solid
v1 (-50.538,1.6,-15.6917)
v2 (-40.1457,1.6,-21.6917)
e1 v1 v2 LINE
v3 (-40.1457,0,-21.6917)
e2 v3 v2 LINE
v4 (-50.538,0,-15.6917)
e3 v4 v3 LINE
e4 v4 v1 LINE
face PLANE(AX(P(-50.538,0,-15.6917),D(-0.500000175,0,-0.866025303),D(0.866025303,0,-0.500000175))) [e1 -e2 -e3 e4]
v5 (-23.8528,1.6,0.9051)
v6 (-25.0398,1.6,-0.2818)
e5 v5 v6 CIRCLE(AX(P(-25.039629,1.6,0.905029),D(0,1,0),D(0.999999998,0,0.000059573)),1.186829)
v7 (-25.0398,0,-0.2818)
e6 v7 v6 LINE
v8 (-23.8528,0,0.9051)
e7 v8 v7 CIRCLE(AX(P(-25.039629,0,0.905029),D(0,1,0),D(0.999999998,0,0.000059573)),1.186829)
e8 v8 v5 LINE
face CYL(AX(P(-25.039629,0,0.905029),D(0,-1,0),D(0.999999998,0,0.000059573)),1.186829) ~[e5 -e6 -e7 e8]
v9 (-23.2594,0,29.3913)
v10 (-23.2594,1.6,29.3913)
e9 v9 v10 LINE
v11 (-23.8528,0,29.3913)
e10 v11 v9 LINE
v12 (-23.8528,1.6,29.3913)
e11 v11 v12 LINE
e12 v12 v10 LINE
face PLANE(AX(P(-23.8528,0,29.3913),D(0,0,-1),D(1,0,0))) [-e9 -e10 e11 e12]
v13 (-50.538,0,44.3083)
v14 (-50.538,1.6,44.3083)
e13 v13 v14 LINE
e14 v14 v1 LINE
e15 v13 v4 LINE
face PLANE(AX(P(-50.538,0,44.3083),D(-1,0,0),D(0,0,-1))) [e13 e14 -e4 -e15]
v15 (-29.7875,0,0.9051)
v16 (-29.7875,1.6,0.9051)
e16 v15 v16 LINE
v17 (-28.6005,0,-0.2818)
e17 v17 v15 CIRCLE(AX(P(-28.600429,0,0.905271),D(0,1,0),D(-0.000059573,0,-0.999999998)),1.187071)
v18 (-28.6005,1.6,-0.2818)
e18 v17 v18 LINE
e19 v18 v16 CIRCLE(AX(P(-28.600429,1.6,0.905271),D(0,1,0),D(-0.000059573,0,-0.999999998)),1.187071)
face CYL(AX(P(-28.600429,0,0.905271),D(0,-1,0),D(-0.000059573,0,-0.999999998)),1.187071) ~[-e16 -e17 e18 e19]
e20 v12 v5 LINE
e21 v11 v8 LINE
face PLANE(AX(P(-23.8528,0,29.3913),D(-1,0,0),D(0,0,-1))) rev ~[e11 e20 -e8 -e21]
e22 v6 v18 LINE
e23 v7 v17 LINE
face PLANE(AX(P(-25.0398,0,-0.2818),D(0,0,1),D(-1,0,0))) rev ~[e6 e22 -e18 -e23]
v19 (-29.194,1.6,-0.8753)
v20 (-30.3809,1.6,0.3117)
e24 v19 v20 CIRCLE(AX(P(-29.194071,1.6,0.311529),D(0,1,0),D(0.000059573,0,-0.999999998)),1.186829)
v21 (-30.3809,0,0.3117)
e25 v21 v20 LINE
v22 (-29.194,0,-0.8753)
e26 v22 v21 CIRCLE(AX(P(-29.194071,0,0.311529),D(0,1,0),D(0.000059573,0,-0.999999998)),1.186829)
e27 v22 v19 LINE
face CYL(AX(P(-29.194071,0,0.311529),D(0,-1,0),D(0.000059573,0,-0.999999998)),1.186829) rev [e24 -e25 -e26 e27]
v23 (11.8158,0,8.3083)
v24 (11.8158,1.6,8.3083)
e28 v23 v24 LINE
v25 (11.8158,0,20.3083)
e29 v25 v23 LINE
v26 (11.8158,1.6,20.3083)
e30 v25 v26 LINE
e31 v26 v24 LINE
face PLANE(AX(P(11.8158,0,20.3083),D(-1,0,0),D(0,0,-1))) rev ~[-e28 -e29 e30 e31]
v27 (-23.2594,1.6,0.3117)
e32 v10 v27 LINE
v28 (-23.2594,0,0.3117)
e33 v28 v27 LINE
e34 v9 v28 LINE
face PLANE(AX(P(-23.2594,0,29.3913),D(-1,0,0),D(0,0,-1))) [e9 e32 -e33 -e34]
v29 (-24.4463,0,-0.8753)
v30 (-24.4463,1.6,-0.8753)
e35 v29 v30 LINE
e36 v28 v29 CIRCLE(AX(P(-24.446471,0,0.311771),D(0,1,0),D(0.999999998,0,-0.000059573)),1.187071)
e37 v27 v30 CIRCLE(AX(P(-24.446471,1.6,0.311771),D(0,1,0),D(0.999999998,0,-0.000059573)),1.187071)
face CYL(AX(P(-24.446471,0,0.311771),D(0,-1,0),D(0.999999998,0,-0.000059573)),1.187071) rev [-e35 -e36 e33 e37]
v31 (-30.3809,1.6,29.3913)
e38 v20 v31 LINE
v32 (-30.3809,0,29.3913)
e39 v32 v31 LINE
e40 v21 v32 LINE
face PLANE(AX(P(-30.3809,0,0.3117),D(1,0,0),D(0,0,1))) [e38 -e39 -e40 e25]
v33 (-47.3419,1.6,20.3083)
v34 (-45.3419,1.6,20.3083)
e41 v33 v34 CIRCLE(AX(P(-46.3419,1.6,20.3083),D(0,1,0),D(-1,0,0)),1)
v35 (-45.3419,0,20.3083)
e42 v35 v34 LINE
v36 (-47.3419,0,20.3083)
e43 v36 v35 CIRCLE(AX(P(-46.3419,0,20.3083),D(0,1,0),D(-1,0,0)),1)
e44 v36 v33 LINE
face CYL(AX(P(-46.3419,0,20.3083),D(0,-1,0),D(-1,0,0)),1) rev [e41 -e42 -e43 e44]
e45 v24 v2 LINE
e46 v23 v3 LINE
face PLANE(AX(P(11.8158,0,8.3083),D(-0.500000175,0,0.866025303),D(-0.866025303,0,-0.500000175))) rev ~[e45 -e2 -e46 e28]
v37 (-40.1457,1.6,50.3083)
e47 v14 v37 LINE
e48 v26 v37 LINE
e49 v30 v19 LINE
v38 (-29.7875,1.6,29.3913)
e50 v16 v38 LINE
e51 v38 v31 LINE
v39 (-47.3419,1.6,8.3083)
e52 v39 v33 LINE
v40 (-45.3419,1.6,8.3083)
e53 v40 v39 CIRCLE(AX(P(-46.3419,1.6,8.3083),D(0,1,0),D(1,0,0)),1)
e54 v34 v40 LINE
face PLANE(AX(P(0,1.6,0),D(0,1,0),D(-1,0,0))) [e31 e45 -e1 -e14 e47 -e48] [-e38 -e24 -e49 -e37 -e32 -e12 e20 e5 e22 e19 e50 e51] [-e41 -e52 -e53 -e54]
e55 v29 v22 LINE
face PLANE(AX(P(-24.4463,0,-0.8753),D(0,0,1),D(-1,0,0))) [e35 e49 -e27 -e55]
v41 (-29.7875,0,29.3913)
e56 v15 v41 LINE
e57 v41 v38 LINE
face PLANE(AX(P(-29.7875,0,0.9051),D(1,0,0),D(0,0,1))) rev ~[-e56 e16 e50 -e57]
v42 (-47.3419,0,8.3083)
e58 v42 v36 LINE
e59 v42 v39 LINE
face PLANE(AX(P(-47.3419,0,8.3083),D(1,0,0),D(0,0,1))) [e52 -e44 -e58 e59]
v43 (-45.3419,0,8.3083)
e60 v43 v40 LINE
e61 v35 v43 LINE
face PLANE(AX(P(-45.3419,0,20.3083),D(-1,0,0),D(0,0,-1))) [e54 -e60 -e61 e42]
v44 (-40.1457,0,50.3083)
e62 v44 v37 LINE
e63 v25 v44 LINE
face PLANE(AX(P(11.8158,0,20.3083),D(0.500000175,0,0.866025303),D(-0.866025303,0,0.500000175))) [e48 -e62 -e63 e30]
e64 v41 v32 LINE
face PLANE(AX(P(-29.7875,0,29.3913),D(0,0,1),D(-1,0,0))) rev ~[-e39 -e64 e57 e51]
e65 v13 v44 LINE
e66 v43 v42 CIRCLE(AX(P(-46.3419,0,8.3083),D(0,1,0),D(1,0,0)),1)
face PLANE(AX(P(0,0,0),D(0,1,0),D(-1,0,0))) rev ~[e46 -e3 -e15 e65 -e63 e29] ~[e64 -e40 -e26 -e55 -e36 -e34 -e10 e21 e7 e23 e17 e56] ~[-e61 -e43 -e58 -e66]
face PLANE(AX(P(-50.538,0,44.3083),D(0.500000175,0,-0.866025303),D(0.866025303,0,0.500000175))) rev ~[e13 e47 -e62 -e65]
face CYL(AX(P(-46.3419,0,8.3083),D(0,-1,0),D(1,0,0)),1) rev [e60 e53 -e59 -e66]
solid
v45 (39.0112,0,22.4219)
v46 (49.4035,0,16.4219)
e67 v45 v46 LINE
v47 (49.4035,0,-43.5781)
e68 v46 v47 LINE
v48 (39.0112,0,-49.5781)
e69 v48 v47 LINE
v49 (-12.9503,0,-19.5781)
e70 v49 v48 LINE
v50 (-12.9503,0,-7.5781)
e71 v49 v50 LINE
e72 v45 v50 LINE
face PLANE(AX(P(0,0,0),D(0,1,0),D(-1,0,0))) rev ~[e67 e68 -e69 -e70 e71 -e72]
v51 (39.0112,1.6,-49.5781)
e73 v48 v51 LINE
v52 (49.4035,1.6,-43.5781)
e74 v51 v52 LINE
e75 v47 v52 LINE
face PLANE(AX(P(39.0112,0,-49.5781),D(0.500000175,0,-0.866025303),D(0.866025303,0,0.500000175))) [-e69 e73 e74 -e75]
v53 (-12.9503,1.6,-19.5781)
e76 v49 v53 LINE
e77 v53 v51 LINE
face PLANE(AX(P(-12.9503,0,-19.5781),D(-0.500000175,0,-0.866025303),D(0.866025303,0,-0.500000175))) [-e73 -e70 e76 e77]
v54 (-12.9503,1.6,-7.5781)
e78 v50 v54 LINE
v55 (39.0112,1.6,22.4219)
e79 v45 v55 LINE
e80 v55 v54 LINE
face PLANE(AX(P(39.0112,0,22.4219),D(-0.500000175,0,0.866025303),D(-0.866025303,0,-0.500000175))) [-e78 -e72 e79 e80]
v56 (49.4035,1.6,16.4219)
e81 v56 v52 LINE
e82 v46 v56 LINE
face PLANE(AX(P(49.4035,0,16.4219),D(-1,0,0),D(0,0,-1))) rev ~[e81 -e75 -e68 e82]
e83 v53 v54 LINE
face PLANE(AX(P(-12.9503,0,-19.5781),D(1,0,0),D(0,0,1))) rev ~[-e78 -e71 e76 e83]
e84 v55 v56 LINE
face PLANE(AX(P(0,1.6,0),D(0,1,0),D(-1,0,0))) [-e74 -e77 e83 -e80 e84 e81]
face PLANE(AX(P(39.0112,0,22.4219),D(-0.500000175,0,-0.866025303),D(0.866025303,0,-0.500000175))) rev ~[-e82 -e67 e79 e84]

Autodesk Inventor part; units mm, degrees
ref_plane "YZ Plane" through (0, 0, 0) normal (1, 0, 0) x (0, 1, 0)
ref_plane "XZ Plane" through (0, 0, 0) normal (0, 1, 0) x (-1, 0, 0)
ref_plane "XY Plane" through (0, 0, 0) normal (0, 0, 1) x (1, 0, 0)
sketch "Sketch1" plane through (0, 0, 0) normal (0, 1, 0) x (-1, 0, 0)
  line L0 (25.0398, -0.2818) -> (28.6005, -0.2818)
  line L1 (29.7875, 0.9051) -> (29.7875, 29.3913)
  line L2 (23.8528, 29.3913) -> (23.8528, 0.9051)
  arc A0 (28.6005, -0.2818) -> (29.7875, 0.9051) centre (28.6005, 0.9051) ccw
  arc A1 (23.8528, 0.9051) -> (25.0398, -0.2818) centre (25.0398, 0.9051) ccw
  line L3 (24.4463, -0.8753) -> (29.194, -0.8753)
  line L4 (30.3809, 0.3117) -> (30.3809, 29.3913)
  line L5 (23.2594, 29.3913) -> (23.2594, 0.3117)
  arc A2 (29.194, -0.8753) -> (30.3809, 0.3117) centre (29.194, 0.3117) ccw
  arc A3 (23.2594, 0.3117) -> (24.4463, -0.8753) centre (24.4463, 0.3117) ccw
  line L6 (29.7875, 29.3913) -> (30.3809, 29.3913)
  line L7 (23.8528, 29.3913) -> (23.2594, 29.3913)
  line L8 (-11.8158, 20.3083) -> (40.1457, 50.3083)
  line L9 (-11.8158, 8.3083) -> (40.1457, -21.6917)
  line L10 (50.538, 44.3083) -> (50.538, -15.6917)
  line L11 (50.538, 44.3083) -> (40.1457, 50.3083)
  line L12 (50.538, -15.6917) -> (40.1457, -21.6917)
  line L13 (-11.8158, 20.3083) -> (-11.8158, 8.3083)
  line L14 (-39.0112, 22.4219) -> (12.9503, -7.5781)
  line L15 (-49.4035, 16.4219) -> (-49.4035, -43.5781)
  line L16 (12.9503, -19.5781) -> (-39.0112, -49.5781)
  line L17 (12.9503, -19.5781) -> (12.9503, -7.5781)
  line L18 (-39.0112, -49.5781) -> (-49.4035, -43.5781)
  line L19 (-39.0112, 22.4219) -> (-49.4035, 16.4219)
  line L20 (45.3419, 20.3083) -> (45.3419, 8.3083)
  line L21 (47.3419, 8.3083) -> (47.3419, 20.3083)
  arc A4 (47.3419, 20.3083) -> (45.3419, 20.3083) centre (46.3419, 20.3083) ccw
  arc A5 (45.3419, 8.3083) -> (47.3419, 8.3083) centre (46.3419, 8.3083) ccw
  point P0 (0, 0)
  point P1 (0.0037, 0.0061)
extrude "Extrusion1" add sketch "Sketch1" along normal blind 1.6
properties part number "Bottom" material "Titanium"
